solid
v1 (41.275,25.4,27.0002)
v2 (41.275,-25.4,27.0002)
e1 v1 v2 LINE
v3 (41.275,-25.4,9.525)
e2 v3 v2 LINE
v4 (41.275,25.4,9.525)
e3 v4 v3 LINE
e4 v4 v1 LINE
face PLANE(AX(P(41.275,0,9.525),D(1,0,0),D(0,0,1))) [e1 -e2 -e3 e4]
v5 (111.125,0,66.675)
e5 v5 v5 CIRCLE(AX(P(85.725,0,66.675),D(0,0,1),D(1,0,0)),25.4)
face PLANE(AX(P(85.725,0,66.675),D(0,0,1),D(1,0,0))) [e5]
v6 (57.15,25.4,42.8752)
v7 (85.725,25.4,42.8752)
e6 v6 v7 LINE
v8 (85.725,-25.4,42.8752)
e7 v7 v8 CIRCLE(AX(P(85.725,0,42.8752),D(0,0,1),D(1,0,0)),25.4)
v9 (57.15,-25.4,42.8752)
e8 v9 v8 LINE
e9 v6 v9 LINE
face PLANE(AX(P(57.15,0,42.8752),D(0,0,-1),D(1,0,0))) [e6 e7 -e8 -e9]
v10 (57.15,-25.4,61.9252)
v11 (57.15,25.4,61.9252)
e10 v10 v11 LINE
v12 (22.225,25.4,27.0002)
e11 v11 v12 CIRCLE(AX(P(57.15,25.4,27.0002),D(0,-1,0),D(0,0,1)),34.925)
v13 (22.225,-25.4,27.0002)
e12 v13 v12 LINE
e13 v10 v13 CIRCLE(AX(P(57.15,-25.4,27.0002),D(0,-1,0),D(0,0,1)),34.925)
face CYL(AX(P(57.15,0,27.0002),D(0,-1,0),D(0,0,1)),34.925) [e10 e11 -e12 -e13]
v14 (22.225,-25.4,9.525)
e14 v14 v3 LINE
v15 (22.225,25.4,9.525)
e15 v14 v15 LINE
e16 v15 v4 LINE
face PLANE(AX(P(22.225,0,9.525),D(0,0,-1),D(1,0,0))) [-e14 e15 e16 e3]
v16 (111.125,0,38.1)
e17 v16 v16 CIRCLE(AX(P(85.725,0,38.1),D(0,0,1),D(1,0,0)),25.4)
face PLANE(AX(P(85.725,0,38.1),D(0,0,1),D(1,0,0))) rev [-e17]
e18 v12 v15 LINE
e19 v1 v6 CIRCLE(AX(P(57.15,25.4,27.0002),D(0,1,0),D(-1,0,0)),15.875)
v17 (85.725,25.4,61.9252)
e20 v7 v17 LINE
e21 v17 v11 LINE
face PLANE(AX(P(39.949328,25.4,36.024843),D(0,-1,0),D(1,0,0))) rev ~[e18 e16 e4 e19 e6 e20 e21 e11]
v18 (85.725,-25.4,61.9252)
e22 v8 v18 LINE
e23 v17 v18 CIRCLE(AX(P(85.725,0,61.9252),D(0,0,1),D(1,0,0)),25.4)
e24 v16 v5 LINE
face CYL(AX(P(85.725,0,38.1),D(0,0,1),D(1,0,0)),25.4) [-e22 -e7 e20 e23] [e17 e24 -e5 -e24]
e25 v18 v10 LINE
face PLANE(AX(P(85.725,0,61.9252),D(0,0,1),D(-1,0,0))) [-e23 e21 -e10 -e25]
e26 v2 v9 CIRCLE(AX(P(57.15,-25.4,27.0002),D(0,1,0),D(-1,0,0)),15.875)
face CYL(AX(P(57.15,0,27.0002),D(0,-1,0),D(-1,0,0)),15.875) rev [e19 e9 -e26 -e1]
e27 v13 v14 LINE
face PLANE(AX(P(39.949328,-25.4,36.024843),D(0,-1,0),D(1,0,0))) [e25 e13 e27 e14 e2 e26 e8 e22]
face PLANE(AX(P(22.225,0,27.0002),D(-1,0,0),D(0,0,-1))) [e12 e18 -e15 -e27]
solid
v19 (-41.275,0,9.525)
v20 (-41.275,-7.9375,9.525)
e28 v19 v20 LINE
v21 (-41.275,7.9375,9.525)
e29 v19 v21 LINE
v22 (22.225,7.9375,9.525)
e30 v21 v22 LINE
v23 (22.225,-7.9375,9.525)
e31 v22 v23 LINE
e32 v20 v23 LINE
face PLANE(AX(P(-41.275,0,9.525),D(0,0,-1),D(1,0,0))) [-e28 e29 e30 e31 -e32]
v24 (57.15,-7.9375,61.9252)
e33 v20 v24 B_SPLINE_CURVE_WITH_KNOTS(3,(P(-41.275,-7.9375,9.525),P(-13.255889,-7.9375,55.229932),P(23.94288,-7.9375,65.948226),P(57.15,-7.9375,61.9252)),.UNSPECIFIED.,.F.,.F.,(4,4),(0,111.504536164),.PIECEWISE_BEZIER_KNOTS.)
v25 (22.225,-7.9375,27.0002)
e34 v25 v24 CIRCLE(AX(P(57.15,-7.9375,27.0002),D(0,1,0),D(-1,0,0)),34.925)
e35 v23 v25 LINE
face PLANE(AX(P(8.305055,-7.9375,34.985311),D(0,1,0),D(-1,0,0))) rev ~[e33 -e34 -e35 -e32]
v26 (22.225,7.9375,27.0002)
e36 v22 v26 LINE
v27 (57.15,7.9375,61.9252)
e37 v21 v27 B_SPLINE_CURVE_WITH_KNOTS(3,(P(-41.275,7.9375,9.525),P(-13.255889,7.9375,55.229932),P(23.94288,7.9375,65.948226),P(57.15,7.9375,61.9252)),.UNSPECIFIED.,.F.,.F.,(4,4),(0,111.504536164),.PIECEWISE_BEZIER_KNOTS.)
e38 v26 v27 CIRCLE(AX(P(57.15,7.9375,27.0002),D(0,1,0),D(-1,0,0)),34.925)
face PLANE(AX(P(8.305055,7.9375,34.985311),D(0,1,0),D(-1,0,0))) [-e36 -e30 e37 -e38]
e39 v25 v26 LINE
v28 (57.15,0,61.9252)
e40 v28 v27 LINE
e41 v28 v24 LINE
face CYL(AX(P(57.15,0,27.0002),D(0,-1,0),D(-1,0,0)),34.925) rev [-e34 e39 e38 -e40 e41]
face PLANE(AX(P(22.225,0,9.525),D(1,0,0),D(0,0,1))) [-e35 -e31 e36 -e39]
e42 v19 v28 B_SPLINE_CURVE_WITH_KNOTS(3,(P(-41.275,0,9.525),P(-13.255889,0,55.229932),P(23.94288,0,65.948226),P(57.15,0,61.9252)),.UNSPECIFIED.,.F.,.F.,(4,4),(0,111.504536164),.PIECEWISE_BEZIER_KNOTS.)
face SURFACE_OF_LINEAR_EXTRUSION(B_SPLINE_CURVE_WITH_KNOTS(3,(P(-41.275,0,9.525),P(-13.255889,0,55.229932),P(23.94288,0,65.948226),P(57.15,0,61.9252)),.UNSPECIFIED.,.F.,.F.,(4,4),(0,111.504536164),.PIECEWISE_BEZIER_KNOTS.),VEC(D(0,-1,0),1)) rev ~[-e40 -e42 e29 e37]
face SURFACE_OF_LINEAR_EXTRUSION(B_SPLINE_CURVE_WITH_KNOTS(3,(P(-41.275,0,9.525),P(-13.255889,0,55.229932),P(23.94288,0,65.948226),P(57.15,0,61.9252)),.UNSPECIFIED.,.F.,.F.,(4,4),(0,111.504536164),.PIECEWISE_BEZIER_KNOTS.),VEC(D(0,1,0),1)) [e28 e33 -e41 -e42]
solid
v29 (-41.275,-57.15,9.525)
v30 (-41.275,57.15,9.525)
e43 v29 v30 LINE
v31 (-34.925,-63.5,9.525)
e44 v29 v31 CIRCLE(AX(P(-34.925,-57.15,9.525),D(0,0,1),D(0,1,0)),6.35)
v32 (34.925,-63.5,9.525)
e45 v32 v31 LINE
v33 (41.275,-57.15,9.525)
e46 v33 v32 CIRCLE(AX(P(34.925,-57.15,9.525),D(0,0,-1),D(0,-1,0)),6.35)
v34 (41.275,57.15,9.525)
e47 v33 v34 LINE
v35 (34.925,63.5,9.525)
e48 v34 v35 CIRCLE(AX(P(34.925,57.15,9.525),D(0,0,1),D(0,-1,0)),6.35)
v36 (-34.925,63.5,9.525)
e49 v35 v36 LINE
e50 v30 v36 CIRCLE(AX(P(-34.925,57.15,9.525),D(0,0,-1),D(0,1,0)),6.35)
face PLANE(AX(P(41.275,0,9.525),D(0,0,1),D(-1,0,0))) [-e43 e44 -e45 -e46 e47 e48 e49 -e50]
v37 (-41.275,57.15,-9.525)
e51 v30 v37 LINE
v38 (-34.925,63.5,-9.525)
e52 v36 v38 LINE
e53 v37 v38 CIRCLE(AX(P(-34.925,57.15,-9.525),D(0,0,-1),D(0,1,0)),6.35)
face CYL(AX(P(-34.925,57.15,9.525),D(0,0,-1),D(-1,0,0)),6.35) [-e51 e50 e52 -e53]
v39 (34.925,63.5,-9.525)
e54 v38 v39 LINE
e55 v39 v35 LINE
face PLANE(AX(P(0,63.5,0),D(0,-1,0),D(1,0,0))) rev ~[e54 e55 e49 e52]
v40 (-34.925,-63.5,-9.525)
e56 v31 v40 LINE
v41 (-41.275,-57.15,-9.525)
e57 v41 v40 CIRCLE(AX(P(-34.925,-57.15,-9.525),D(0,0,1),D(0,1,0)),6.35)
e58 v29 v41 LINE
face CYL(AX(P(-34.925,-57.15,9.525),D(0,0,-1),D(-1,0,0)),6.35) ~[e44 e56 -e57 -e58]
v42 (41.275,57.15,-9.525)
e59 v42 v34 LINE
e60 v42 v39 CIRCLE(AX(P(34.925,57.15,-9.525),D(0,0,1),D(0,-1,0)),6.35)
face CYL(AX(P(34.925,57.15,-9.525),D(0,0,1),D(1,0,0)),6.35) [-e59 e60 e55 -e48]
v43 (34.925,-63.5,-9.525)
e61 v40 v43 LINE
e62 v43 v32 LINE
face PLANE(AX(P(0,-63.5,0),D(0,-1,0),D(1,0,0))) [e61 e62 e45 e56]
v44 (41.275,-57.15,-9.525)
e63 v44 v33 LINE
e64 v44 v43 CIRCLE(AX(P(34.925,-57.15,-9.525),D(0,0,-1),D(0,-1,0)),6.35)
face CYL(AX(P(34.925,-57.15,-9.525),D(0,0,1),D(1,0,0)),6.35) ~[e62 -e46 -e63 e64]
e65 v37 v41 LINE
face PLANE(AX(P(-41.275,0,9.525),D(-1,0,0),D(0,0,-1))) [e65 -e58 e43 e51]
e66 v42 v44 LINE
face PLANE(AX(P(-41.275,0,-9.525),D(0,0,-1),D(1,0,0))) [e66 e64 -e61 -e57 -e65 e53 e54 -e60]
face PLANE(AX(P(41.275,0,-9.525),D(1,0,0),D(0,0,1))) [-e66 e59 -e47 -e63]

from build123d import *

# Parameters (mm, degrees)
F1_DEPTH = 63.5
F0_W     = 25.4
F0_H     = 19.05
F2_DEPTH = 25.4
F4_R     = 6.35
F5_DEPTH = 7.9375


with BuildPart() as f1:
    # F0 (on Front) → F1 (new body, symmetric)
    with BuildSketch(Plane.XZ):
        Polygon((-41.275, 9.525), (-41.275, -9.525), (41.275, -9.525), (41.275, 9.525), (22.225, 9.525), align=None)
    extrude(amount=F1_DEPTH, both=True)

    # F4
    f4_edges = [f1.edges().sort_by_distance(p)[0] for p in [
        (41.275, -63.5, 0),
        (-41.275, -63.5, 0),
        (41.275, 63.5, 0),
        (-41.275, 63.5, 0),
    ]]
    fillet(f4_edges, radius=F4_R)


with BuildPart() as f2:
    # F0 (on Front) → F2 (new body, symmetric)
    with BuildSketch(Plane.XZ):
        with BuildLine():
            Line((22.225, 9.525), (41.275, 9.525))
            Line((41.275, 9.525), (41.275, 27.0002))
            ThreePointArc((41.275, 27.0002), (45.9246798487, 38.2255201513), (57.15, 42.8752))
            Line((57.15, 42.8752), (60.325, 42.8752))
            Line((60.325, 42.8752), (60.325, 61.9252))
            Line((60.325, 61.9252), (57.15, 61.9252))
            ThreePointArc((57.15, 61.9252), (32.4542956671, 51.6959043329), (22.225, 27.0002))
            Line((22.225, 27.0002), (22.225, 9.525))
        make_face()
        with Locations((73.025, 52.4002)):
            Rectangle(F0_W, F0_H)
    extrude(amount=F2_DEPTH, both=True)

    # F0 (on Front) → F3 (revolve)
    with BuildSketch(Plane.XZ):
        Polygon((85.725, 66.675), (85.725, 61.9252), (85.725, 42.8752), (85.725, 38.1), (111.125, 38.1), (111.125, 66.675), align=None)
    revolve(axis=Axis((85.725, 0, 52.3875), (0, 0, 1)))


with BuildPart() as f5:
    # F0 (on Front) → F5 (new body, symmetric)
    with BuildSketch(Plane.XZ):
        with BuildLine():
            add(Edge.make_bspline(
                [(-41.275, 9.525), (-13.2558885962, 55.2299320698), (23.9428803325, 65.9482255578), (57.15, 61.9252)],
                knots=[0, 0, 0, 0, 111.5045361635, 111.5045361635, 111.5045361635, 111.5045361635], degree=3))
            Line((-41.275, 9.525), (22.225, 9.525))
            Line((22.225, 9.525), (22.225, 27.0002))
            ThreePointArc((22.225, 27.0002), (32.4542956671, 51.6959043329), (57.15, 61.9252))
        make_face()
    extrude(amount=F5_DEPTH, both=True)


solid = Compound([f1.part, f2.part, f5.part])
